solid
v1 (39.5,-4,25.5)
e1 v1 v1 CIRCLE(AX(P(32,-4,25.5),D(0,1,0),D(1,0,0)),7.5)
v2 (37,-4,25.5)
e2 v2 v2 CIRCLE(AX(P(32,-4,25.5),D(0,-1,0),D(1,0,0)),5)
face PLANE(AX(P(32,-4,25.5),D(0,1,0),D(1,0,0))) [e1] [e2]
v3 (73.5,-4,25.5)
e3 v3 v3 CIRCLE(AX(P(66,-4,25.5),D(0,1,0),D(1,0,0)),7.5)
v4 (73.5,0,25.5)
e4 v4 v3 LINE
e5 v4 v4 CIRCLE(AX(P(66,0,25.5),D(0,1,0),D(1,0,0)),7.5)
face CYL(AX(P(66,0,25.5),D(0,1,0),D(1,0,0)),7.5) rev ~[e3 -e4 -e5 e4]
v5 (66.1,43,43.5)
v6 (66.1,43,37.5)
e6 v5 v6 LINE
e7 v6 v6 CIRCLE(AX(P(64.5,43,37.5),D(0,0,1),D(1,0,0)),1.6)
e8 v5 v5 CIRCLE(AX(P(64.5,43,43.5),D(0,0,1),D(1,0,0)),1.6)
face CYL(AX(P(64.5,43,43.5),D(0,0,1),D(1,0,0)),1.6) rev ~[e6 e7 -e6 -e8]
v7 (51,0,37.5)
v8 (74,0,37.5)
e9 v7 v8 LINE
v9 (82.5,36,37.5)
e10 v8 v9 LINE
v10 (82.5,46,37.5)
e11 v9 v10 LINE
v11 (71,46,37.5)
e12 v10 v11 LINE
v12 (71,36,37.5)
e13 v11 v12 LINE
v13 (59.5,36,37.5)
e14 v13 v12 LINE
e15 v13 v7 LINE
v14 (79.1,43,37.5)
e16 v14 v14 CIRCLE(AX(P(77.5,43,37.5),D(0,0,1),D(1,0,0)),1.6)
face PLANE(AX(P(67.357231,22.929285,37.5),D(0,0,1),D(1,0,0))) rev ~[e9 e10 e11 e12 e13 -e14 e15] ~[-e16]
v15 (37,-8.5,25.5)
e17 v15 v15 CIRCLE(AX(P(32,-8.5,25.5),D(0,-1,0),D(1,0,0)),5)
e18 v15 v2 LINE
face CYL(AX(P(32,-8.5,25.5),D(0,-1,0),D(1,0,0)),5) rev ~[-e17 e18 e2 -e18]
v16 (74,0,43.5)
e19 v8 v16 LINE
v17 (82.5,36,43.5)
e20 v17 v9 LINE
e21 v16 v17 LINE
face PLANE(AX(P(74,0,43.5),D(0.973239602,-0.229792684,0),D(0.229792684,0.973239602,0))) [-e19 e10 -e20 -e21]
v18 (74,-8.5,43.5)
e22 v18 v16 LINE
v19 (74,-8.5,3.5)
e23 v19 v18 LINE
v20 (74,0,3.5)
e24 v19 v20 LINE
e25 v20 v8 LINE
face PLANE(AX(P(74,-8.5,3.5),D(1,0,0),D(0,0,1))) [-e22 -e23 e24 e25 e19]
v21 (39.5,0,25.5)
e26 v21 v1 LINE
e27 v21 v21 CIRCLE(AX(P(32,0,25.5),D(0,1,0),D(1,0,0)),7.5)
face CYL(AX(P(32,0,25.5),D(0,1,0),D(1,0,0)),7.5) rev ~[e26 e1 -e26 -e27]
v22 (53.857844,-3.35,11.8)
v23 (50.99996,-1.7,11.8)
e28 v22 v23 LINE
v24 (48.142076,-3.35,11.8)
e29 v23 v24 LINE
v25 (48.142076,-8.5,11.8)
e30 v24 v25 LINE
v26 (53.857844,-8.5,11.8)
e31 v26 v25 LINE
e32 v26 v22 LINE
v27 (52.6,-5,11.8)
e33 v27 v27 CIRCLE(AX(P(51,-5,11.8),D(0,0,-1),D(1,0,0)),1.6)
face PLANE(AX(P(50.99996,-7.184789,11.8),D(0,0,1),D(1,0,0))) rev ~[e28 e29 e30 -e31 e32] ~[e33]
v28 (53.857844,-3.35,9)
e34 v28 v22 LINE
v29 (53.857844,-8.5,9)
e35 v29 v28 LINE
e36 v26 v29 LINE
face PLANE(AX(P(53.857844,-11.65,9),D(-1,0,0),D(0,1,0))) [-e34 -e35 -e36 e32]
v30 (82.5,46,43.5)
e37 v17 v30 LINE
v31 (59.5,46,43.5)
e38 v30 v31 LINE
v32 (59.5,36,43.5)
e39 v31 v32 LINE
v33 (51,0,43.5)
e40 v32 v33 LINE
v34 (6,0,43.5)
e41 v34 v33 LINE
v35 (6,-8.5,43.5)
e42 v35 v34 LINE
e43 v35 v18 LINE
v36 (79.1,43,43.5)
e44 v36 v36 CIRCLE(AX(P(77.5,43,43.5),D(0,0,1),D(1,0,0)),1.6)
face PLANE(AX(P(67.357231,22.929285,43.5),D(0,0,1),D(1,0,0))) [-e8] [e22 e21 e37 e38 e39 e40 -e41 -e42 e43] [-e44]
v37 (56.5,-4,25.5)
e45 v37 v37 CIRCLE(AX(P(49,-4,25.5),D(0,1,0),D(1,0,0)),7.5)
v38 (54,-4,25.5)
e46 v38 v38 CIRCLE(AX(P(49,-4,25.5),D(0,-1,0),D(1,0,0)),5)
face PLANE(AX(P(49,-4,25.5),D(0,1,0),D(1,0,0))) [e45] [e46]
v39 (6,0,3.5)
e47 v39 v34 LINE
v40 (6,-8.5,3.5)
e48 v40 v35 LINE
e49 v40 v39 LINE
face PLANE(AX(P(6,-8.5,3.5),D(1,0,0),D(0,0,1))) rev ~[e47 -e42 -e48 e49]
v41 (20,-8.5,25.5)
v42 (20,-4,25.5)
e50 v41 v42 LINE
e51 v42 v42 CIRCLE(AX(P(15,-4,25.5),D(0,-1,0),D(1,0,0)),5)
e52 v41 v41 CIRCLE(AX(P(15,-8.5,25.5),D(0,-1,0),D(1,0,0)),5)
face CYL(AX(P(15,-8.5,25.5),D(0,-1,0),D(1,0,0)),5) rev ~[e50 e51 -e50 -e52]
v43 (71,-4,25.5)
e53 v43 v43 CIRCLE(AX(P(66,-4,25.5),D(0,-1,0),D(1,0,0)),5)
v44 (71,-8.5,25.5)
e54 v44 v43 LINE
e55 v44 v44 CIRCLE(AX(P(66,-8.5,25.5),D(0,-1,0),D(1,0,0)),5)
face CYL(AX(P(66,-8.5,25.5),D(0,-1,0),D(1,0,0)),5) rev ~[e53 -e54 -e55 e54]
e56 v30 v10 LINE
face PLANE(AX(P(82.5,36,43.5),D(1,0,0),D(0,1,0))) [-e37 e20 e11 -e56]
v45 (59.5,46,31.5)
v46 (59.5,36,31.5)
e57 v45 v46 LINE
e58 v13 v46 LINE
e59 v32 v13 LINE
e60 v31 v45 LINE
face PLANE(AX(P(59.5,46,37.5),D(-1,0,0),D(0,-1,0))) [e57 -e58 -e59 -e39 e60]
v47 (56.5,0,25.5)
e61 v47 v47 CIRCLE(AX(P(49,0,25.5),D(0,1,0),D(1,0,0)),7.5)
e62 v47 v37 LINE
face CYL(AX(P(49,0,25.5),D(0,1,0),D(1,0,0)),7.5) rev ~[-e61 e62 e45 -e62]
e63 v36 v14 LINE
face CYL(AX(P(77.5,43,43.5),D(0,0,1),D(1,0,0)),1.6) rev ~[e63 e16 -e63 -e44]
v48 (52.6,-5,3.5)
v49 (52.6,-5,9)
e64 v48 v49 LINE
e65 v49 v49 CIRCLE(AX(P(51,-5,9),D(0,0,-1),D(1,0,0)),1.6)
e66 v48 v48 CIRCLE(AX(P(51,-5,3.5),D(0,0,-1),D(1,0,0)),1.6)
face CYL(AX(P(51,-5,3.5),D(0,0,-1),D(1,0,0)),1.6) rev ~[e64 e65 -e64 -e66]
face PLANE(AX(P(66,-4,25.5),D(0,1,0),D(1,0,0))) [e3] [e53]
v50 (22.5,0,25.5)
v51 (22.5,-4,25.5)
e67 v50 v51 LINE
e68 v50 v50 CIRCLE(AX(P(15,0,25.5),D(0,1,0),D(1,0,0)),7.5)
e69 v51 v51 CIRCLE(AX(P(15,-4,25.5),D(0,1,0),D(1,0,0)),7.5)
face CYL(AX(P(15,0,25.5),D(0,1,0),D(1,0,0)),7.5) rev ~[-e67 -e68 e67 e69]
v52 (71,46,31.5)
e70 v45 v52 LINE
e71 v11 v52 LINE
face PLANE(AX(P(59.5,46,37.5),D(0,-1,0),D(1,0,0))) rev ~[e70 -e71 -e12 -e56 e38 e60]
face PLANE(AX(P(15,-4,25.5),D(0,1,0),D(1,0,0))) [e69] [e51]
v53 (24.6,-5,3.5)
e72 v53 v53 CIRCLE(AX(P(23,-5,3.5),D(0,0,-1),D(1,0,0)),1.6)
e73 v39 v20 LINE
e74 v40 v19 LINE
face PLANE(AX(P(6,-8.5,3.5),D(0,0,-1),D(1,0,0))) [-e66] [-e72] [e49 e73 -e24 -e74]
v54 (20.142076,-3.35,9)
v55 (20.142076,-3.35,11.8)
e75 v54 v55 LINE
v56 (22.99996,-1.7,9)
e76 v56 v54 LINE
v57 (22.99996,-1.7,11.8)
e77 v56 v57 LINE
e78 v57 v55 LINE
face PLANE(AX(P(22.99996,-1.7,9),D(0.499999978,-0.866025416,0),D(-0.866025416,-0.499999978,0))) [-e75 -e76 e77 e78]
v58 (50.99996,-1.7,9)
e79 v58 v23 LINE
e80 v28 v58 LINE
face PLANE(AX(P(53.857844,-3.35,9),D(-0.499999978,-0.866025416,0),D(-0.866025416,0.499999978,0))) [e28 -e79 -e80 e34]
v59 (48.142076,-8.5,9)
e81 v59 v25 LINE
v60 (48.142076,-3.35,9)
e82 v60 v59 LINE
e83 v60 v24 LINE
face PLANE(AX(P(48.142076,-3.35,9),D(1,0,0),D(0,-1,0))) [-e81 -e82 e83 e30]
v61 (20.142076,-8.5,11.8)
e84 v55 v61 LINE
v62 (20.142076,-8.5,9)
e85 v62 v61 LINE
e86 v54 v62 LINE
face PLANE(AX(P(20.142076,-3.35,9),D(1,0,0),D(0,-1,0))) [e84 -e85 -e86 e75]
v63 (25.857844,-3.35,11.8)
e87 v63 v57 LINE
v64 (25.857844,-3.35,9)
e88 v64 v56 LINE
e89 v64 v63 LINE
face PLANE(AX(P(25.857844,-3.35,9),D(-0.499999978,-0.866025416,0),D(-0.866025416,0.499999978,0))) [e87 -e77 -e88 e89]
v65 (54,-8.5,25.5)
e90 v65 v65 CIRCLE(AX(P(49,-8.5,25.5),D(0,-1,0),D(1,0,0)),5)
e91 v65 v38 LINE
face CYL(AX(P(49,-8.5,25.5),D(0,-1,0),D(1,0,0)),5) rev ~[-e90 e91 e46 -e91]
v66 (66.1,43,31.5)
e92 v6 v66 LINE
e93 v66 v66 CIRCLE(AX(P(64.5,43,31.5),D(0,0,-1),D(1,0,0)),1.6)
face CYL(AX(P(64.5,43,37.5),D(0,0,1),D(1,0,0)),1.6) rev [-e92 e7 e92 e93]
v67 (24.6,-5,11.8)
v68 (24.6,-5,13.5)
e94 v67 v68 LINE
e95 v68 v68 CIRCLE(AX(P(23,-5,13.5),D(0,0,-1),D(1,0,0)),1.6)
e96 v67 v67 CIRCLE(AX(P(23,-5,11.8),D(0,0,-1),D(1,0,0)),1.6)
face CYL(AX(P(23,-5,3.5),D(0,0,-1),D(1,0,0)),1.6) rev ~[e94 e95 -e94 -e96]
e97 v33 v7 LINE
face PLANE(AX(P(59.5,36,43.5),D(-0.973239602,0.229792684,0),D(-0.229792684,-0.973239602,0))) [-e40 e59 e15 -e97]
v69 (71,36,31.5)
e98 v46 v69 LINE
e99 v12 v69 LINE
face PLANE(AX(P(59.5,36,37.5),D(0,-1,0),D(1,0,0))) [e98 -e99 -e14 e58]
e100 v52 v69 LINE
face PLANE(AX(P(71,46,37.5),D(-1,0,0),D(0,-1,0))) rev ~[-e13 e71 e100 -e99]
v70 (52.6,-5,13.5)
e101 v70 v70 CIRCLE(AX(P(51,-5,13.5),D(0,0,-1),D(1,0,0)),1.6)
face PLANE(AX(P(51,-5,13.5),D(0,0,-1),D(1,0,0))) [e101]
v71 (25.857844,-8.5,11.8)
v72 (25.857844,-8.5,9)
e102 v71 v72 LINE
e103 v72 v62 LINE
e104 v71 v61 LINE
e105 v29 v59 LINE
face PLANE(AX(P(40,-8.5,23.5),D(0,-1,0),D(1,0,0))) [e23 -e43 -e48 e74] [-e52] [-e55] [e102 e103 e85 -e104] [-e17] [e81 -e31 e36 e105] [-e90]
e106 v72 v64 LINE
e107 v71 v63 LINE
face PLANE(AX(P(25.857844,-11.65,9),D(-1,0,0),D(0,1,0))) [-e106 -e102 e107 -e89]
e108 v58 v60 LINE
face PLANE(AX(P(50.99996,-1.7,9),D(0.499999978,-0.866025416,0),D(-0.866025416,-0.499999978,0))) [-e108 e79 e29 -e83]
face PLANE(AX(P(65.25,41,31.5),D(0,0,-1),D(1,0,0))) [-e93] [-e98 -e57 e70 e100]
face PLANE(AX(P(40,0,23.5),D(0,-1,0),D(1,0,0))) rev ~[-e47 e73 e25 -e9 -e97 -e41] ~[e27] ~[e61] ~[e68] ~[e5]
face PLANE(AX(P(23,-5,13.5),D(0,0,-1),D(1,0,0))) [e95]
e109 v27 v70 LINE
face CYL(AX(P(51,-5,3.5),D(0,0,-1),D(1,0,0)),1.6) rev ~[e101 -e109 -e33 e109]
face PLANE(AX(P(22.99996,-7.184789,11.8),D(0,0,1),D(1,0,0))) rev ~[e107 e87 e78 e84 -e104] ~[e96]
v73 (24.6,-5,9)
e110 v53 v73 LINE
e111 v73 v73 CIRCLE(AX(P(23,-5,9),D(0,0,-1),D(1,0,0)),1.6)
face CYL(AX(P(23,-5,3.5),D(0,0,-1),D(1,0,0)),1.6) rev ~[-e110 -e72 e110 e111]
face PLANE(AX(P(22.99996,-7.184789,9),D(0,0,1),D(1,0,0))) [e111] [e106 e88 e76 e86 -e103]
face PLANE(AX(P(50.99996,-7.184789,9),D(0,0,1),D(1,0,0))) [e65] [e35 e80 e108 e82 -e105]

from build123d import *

# Parameters (mm, degrees)
EXTRUDE_DEPTH    = 2.8
EXTRUDE001_DEPTH = 2.8
SKETCH_W         = 68
SKETCH_H         = 40
SKETCH_R         = 5
PAD_DEPTH        = 8.5
SKETCH001_R      = 7.5
POCKET_DEPTH     = 4
SKETCH002_R      = 1.6
POCKET001_DEPTH  = 10
SKETCH003_R      = 1.6
PAD001_DEPTH     = 6
SKETCH004_W      = 11.5
SKETCH004_H      = 10
SKETCH004_R      = 1.6
PAD002_DEPTH     = 6


with BuildPart() as extrude_body:
    # Fusion → Extrude (new body)
    with BuildSketch(Plane.XY):
        Polygon((12.624044, -45.3857), (12.624044, -40.3857), (12.624044, -37.0857), (9.76616, -35.4357), (6.908276, -37.0857), (6.908276, -40.3857), (6.908276, -45.3857), align=None)
    extrude(amount=EXTRUDE_DEPTH)


with BuildPart() as extrude_body_1:
    # Extrude placement: moved
    add(extrude_body.part.moved(Location((13.2338, 33.7357, 9))))


with BuildPart() as extrude001:
    # Fusion001 → Extrude001 (new body)
    with BuildSketch(Plane.XY):
        Polygon((12.624044, -45.3857), (12.624044, -40.3857), (12.624044, -37.0857), (9.76616, -35.4357), (6.908276, -37.0857), (6.908276, -40.3857), (6.908276, -45.3857), align=None)
    extrude(amount=EXTRUDE001_DEPTH)


with BuildPart() as extrude001_1:
    # Extrude001 placement: moved
    add(extrude001.part.moved(Location((41.2338, 33.7357, 9))))


with BuildPart() as pad002:
    # Sketch → Pad (new body)
    with BuildSketch(Plane.XZ.offset(8.5)):
        with Locations((40, 23.5)):
            Rectangle(SKETCH_W, SKETCH_H)
        with Locations((15, 25.5)):
            Circle(SKETCH_R, mode=Mode.SUBTRACT)
        with Locations((32, 25.5)):
            Circle(SKETCH_R, mode=Mode.SUBTRACT)
        with Locations((49, 25.5)):
            Circle(SKETCH_R, mode=Mode.SUBTRACT)
        with Locations((66, 25.5)):
            Circle(SKETCH_R, mode=Mode.SUBTRACT)
    extrude(amount=-PAD_DEPTH)

    # Sketch001 → Pocket (cut)
    with BuildSketch(Plane(origin=(0, 0, 0), x_dir=(1, 0, 0), z_dir=(0, 1, 0))):
        with Locations((15, -25.5)):
            Circle(SKETCH001_R)
        with Locations((32, -25.5)):
            Circle(SKETCH001_R)
        with Locations((49, -25.5)):
            Circle(SKETCH001_R)
        with Locations((66, -25.5)):
            Circle(SKETCH001_R)
    extrude(amount=-POCKET_DEPTH, mode=Mode.SUBTRACT)

    # Sketch002 → Pocket001 (cut)
    with BuildSketch(Plane(origin=(0, -8.5, 3.5), x_dir=(1, 0, 0), z_dir=(0, 0, -1))):
        with Locations((51, -3.5)):
            Circle(SKETCH002_R)
        with Locations((23, -3.5)):
            Circle(SKETCH002_R)
    extrude(amount=-POCKET001_DEPTH, mode=Mode.SUBTRACT)

    # Cut: cut Extrude001
    add(extrude001_1.part, mode=Mode.SUBTRACT)

    # Cut001: cut Extrude body
    add(extrude_body_1.part, mode=Mode.SUBTRACT)

    # Sketch003 → Pad001 (new body)
    with BuildSketch(Plane.XY.offset(43.5)):
        Polygon((74, 0), (82.5, 36), (82.5, 46), (59.5, 46), (59.5, 36), (51, 0), align=None)
        with Locations((64.5, 43)):
            Circle(SKETCH003_R, mode=Mode.SUBTRACT)
        with Locations((77.5, 43)):
            Circle(SKETCH003_R, mode=Mode.SUBTRACT)
    extrude(amount=-PAD001_DEPTH)

    # Sketch004 → Pad002 (new body)
    with BuildSketch(Plane(origin=(0, 0, 37.5), x_dir=(1, 0, 0), z_dir=(0, 0, -1))):
        with Locations((65.25, -41)):
            Rectangle(SKETCH004_W, SKETCH004_H)
        with Locations((64.5, -43)):
            Circle(SKETCH004_R, mode=Mode.SUBTRACT)
    extrude(amount=PAD002_DEPTH)


solid = pad002.part
